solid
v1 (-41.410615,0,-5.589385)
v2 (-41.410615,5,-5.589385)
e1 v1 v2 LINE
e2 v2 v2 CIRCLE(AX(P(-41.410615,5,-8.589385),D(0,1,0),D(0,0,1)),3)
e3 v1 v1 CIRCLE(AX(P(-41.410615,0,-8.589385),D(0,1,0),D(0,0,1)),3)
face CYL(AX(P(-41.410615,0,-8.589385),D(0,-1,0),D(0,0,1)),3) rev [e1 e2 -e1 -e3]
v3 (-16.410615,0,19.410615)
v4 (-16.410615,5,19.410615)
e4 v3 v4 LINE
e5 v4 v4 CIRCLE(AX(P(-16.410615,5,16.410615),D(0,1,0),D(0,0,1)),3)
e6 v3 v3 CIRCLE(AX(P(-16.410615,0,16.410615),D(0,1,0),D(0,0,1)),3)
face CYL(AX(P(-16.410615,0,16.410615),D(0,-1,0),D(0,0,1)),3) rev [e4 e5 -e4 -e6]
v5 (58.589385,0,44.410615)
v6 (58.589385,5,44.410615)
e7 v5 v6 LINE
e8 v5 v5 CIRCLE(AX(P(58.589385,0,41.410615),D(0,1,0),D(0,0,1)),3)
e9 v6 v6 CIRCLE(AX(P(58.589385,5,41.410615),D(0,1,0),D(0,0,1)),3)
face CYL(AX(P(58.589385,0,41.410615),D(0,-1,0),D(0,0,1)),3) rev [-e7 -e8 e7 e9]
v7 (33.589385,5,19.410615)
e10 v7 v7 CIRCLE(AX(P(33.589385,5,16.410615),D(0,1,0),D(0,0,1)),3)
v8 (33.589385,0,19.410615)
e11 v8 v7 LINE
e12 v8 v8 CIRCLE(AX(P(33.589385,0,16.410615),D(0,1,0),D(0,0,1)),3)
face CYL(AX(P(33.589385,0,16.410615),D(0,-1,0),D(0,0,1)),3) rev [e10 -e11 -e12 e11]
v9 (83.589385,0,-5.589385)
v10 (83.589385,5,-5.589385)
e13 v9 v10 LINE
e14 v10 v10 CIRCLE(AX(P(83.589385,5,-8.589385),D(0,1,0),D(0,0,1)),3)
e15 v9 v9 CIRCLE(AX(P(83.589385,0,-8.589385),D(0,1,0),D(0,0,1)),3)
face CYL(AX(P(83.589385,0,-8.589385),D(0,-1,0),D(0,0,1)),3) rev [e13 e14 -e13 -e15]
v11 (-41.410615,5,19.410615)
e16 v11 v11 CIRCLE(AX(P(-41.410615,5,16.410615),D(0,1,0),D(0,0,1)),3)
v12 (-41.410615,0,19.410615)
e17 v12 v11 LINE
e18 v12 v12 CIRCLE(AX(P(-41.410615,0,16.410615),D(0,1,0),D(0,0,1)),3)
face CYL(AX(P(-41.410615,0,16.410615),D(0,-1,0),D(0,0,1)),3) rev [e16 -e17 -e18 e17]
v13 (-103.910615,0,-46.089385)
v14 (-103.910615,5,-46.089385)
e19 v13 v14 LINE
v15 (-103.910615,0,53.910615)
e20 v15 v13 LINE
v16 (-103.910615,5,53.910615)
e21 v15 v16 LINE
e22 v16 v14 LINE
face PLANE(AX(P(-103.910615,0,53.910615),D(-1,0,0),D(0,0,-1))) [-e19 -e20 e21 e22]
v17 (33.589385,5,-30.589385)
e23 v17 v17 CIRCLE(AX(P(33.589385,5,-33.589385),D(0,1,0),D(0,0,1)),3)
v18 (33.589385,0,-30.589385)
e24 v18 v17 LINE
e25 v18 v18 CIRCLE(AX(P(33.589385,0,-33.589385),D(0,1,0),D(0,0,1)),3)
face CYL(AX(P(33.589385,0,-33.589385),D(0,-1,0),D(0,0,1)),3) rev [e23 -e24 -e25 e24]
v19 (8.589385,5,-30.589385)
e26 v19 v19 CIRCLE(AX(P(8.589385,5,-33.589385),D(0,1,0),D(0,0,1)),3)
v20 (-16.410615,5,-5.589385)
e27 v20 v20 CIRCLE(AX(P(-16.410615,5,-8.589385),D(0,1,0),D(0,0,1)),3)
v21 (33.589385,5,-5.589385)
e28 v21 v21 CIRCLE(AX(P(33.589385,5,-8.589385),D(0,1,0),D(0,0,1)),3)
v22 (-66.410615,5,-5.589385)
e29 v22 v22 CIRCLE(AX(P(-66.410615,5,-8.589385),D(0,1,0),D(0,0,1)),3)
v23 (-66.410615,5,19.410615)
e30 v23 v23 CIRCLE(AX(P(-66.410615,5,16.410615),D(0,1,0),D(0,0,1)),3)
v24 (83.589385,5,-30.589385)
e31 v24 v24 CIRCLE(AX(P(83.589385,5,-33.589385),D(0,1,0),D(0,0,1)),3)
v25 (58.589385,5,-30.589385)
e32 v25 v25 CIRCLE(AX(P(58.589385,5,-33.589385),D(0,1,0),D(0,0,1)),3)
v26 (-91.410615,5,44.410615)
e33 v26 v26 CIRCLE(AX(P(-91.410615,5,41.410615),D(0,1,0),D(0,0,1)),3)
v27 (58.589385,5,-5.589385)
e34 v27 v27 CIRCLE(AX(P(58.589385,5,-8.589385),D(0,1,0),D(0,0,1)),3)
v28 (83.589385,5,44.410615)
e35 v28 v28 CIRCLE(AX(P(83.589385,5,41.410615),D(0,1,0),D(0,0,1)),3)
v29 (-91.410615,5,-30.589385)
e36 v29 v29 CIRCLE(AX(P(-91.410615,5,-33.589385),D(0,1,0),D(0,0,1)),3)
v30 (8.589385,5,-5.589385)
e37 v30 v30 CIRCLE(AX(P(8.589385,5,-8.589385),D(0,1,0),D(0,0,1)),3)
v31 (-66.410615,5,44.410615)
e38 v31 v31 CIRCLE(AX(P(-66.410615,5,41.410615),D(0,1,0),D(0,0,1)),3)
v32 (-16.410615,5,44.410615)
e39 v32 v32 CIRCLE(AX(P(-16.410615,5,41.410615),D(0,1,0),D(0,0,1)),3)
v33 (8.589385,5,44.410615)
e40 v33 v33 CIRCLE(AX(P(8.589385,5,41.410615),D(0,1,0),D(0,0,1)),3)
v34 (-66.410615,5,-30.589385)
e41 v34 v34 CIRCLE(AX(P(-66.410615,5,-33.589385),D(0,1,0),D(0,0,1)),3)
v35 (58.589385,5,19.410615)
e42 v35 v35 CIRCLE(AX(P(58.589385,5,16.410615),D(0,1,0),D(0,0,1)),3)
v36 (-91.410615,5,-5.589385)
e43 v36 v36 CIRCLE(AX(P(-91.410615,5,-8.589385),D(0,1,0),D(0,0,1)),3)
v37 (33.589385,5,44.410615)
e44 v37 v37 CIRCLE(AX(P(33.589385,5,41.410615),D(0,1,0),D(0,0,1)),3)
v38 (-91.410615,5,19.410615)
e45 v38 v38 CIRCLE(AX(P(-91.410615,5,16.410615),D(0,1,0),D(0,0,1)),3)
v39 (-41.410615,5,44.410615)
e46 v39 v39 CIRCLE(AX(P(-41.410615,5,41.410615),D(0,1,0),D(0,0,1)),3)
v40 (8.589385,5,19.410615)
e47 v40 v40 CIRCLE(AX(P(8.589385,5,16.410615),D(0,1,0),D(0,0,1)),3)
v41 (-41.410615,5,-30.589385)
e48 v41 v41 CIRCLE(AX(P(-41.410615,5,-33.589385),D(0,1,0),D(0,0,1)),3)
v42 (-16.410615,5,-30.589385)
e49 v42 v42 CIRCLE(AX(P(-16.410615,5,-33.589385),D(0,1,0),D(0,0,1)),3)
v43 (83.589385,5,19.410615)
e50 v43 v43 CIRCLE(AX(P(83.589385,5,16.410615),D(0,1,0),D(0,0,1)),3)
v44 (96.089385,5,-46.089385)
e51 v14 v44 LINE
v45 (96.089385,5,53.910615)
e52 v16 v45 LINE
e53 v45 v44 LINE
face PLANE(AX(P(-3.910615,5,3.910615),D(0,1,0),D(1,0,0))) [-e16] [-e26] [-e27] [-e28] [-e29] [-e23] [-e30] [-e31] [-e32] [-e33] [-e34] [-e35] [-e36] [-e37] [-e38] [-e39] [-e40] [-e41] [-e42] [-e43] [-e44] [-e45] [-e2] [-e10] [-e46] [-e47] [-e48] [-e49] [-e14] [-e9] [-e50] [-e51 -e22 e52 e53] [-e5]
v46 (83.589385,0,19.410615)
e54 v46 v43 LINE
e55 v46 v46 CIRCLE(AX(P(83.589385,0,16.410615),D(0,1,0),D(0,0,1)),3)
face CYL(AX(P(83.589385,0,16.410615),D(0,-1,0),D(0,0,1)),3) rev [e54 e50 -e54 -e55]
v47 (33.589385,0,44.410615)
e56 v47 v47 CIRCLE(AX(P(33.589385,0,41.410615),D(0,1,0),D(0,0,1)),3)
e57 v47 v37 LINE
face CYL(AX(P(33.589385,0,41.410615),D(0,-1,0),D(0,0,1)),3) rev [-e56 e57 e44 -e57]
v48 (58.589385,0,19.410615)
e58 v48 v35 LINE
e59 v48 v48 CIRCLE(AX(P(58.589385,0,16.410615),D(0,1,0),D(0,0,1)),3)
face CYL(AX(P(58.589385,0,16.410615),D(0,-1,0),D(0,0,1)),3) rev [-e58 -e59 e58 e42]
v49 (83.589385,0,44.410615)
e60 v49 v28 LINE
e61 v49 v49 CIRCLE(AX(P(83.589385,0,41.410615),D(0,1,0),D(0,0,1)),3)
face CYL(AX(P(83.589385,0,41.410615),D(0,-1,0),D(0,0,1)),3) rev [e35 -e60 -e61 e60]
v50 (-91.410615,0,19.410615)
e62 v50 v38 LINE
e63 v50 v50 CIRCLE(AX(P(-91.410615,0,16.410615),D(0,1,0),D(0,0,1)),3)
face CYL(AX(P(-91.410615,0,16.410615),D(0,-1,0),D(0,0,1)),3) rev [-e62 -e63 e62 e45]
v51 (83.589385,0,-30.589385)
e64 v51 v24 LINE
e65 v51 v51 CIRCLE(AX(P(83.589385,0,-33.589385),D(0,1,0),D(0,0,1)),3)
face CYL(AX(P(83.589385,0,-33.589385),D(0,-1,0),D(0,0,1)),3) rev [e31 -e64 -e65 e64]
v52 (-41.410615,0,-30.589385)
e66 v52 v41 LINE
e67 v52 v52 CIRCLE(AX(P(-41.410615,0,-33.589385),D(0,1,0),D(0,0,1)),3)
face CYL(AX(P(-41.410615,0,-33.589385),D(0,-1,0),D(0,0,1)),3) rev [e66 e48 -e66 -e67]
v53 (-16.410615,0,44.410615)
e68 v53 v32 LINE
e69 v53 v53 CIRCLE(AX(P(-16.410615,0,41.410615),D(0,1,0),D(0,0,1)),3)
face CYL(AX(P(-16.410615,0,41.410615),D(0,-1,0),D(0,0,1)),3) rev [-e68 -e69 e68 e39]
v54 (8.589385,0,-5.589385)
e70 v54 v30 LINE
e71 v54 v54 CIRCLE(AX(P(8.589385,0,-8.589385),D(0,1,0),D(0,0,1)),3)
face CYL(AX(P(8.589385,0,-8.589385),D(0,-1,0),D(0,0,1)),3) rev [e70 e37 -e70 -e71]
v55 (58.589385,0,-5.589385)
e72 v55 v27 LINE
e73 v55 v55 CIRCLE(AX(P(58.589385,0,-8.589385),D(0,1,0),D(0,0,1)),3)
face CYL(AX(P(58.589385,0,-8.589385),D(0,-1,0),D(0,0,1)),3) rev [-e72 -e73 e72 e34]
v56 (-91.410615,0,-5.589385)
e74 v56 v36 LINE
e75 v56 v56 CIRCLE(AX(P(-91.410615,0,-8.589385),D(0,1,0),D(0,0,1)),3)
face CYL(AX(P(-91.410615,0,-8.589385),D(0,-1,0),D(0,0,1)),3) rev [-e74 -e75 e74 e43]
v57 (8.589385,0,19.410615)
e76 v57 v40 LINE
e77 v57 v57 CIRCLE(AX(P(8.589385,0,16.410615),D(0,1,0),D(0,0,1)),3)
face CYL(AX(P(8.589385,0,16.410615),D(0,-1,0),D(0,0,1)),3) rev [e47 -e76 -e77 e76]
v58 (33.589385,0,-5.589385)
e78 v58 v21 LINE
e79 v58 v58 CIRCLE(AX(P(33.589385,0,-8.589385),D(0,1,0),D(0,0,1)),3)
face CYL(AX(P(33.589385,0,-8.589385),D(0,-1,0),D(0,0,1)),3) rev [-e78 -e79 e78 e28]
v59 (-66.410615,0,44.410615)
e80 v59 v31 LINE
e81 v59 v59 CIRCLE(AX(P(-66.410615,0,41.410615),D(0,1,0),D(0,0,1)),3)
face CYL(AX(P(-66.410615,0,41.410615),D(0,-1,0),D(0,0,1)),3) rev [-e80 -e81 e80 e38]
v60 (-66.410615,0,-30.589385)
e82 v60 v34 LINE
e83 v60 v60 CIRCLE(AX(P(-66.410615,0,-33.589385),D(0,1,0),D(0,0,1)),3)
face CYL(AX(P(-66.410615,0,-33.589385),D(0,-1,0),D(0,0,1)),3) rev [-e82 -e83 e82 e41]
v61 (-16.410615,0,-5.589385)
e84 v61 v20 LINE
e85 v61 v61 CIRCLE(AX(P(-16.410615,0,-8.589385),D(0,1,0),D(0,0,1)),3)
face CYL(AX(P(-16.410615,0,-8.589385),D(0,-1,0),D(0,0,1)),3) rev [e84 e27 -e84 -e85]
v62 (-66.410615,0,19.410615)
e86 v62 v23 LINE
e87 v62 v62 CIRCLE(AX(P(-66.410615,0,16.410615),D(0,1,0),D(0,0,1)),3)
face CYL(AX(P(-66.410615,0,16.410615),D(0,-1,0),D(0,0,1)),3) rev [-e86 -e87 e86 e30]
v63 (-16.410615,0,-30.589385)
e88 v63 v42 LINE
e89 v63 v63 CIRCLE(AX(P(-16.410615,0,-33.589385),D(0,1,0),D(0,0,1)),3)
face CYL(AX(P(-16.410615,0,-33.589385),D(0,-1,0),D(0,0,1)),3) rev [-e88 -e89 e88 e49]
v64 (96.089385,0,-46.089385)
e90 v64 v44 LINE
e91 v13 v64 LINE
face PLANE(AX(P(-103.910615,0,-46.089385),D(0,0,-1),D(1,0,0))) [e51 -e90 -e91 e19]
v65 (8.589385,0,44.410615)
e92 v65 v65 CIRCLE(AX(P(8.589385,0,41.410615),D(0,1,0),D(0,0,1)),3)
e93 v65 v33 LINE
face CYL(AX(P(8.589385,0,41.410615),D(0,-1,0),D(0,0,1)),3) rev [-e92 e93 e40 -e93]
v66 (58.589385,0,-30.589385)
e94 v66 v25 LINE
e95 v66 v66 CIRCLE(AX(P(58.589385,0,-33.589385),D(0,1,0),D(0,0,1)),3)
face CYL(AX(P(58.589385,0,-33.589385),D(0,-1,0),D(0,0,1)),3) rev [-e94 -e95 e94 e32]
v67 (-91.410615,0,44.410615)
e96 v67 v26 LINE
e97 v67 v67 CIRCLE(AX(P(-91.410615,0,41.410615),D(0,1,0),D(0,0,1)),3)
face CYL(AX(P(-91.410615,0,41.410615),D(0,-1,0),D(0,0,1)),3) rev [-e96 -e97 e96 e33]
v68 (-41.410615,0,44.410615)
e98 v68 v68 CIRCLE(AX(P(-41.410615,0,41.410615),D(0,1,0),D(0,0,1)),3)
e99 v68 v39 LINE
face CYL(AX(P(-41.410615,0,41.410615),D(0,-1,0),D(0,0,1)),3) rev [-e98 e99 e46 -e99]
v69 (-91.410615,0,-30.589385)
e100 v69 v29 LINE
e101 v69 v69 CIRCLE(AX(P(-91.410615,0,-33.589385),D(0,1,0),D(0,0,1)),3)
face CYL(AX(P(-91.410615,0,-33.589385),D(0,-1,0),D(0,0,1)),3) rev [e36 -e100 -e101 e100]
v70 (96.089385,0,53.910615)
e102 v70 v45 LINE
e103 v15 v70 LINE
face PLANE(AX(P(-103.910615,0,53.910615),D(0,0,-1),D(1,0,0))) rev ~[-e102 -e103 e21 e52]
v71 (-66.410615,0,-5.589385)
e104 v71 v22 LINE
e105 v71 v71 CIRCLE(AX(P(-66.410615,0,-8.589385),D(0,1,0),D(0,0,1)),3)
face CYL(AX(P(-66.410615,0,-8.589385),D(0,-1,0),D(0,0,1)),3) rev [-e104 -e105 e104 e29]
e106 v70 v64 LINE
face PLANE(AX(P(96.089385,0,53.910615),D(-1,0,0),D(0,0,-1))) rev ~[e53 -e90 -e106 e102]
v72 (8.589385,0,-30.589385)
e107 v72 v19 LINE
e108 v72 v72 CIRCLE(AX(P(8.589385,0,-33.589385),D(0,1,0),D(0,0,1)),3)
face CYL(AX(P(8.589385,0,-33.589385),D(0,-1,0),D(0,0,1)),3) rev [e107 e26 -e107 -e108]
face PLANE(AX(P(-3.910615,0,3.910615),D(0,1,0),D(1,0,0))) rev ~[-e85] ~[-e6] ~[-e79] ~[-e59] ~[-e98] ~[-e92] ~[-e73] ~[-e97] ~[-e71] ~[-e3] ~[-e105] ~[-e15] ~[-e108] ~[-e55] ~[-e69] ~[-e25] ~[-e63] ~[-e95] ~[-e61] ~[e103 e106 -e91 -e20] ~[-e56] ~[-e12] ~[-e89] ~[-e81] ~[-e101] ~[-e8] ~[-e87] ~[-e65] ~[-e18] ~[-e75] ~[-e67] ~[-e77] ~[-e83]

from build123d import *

# Parameters (mm, degrees)
SKETCH_1_W      = 200
SKETCH_1_H      = 100
SKETCH_1_R      = 3
EXTRUDE_1_DEPTH = 5


with BuildPart() as part:
    # 草图1 → 凸台-拉伸1 (new body)
    with BuildSketch(Plane(origin=(0, 0, 0), x_dir=(1, 0, 0), z_dir=(0, 1, 0))):
        with Locations((-3.910614525, -3.910614525)):
            Rectangle(SKETCH_1_W, SKETCH_1_H)
        with Locations(Location((-91.410614525, -41.410614525, 0), (0, 0, 270))):
            Circle(SKETCH_1_R, mode=Mode.SUBTRACT)
        with Locations(Location((-66.410614525, -41.410614525, 0), (0, 0, 270))):
            Circle(SKETCH_1_R, mode=Mode.SUBTRACT)
        with Locations(Location((-41.410614525, -41.410614525, 0), (0, 0, 270))):
            Circle(SKETCH_1_R, mode=Mode.SUBTRACT)
        with Locations(Location((-16.410614525, -41.410614525, 0), (0, 0, 270))):
            Circle(SKETCH_1_R, mode=Mode.SUBTRACT)
        with Locations(Location((8.589385475, -41.410614525, 0), (0, 0, 270))):
            Circle(SKETCH_1_R, mode=Mode.SUBTRACT)
        with Locations(Location((33.589385475, -41.410614525, 0), (0, 0, 270))):
            Circle(SKETCH_1_R, mode=Mode.SUBTRACT)
        with Locations(Location((58.589385475, -41.410614525, 0), (0, 0, 270))):
            Circle(SKETCH_1_R, mode=Mode.SUBTRACT)
        with Locations(Location((83.589385475, -41.410614525, 0), (0, 0, 270))):
            Circle(SKETCH_1_R, mode=Mode.SUBTRACT)
        with Locations(Location((-66.410614525, -16.410614525, 0), (0, 0, 270))):
            Circle(SKETCH_1_R, mode=Mode.SUBTRACT)
        with Locations(Location((-41.410614525, -16.410614525, 0), (0, 0, 270))):
            Circle(SKETCH_1_R, mode=Mode.SUBTRACT)
        with Locations(Location((-16.410614525, -16.410614525, 0), (0, 0, 270))):
            Circle(SKETCH_1_R, mode=Mode.SUBTRACT)
        with Locations(Location((8.589385475, -16.410614525, 0), (0, 0, 270))):
            Circle(SKETCH_1_R, mode=Mode.SUBTRACT)
        with Locations(Location((33.589385475, -16.410614525, 0), (0, 0, 270))):
            Circle(SKETCH_1_R, mode=Mode.SUBTRACT)
        with Locations(Location((58.589385475, -16.410614525, 0), (0, 0, 270))):
            Circle(SKETCH_1_R, mode=Mode.SUBTRACT)
        with Locations(Location((83.589385475, -16.410614525, 0), (0, 0, 270))):
            Circle(SKETCH_1_R, mode=Mode.SUBTRACT)
        with Locations(Location((-66.410614525, 8.589385475, 0), (0, 0, 270))):
            Circle(SKETCH_1_R, mode=Mode.SUBTRACT)
        with Locations(Location((-41.410614525, 8.589385475, 0), (0, 0, 270))):
            Circle(SKETCH_1_R, mode=Mode.SUBTRACT)
        with Locations(Location((-16.410614525, 8.589385475, 0), (0, 0, 270))):
            Circle(SKETCH_1_R, mode=Mode.SUBTRACT)
        with Locations(Location((8.589385475, 8.589385475, 0), (0, 0, 270))):
            Circle(SKETCH_1_R, mode=Mode.SUBTRACT)
        with Locations(Location((33.589385475, 8.589385475, 0), (0, 0, 270))):
            Circle(SKETCH_1_R, mode=Mode.SUBTRACT)
        with Locations(Location((58.589385475, 8.589385475, 0), (0, 0, 270))):
            Circle(SKETCH_1_R, mode=Mode.SUBTRACT)
        with Locations(Location((83.589385475, 8.589385475, 0), (0, 0, 270))):
            Circle(SKETCH_1_R, mode=Mode.SUBTRACT)
        with Locations(Location((-66.410614525, 33.589385475, 0), (0, 0, 270))):
            Circle(SKETCH_1_R, mode=Mode.SUBTRACT)
        with Locations(Location((-41.410614525, 33.589385475, 0), (0, 0, 270))):
            Circle(SKETCH_1_R, mode=Mode.SUBTRACT)
        with Locations(Location((-16.410614525, 33.589385475, 0), (0, 0, 270))):
            Circle(SKETCH_1_R, mode=Mode.SUBTRACT)
        with Locations(Location((8.589385475, 33.589385475, 0), (0, 0, 270))):
            Circle(SKETCH_1_R, mode=Mode.SUBTRACT)
        with Locations(Location((33.589385475, 33.589385475, 0), (0, 0, 270))):
            Circle(SKETCH_1_R, mode=Mode.SUBTRACT)
        with Locations(Location((58.589385475, 33.589385475, 0), (0, 0, 270))):
            Circle(SKETCH_1_R, mode=Mode.SUBTRACT)
        with Locations(Location((83.589385475, 33.589385475, 0), (0, 0, 270))):
            Circle(SKETCH_1_R, mode=Mode.SUBTRACT)
        with Locations(Location((-91.410614525, -16.410614525, 0), (0, 0, 270))):
            Circle(SKETCH_1_R, mode=Mode.SUBTRACT)
        with Locations(Location((-91.410614525, 8.589385475, 0), (0, 0, 270))):
            Circle(SKETCH_1_R, mode=Mode.SUBTRACT)
        with Locations(Location((-91.410614525, 33.589385475, 0), (0, 0, 270))):
            Circle(SKETCH_1_R, mode=Mode.SUBTRACT)
    extrude(amount=EXTRUDE_1_DEPTH)


solid = part.part
